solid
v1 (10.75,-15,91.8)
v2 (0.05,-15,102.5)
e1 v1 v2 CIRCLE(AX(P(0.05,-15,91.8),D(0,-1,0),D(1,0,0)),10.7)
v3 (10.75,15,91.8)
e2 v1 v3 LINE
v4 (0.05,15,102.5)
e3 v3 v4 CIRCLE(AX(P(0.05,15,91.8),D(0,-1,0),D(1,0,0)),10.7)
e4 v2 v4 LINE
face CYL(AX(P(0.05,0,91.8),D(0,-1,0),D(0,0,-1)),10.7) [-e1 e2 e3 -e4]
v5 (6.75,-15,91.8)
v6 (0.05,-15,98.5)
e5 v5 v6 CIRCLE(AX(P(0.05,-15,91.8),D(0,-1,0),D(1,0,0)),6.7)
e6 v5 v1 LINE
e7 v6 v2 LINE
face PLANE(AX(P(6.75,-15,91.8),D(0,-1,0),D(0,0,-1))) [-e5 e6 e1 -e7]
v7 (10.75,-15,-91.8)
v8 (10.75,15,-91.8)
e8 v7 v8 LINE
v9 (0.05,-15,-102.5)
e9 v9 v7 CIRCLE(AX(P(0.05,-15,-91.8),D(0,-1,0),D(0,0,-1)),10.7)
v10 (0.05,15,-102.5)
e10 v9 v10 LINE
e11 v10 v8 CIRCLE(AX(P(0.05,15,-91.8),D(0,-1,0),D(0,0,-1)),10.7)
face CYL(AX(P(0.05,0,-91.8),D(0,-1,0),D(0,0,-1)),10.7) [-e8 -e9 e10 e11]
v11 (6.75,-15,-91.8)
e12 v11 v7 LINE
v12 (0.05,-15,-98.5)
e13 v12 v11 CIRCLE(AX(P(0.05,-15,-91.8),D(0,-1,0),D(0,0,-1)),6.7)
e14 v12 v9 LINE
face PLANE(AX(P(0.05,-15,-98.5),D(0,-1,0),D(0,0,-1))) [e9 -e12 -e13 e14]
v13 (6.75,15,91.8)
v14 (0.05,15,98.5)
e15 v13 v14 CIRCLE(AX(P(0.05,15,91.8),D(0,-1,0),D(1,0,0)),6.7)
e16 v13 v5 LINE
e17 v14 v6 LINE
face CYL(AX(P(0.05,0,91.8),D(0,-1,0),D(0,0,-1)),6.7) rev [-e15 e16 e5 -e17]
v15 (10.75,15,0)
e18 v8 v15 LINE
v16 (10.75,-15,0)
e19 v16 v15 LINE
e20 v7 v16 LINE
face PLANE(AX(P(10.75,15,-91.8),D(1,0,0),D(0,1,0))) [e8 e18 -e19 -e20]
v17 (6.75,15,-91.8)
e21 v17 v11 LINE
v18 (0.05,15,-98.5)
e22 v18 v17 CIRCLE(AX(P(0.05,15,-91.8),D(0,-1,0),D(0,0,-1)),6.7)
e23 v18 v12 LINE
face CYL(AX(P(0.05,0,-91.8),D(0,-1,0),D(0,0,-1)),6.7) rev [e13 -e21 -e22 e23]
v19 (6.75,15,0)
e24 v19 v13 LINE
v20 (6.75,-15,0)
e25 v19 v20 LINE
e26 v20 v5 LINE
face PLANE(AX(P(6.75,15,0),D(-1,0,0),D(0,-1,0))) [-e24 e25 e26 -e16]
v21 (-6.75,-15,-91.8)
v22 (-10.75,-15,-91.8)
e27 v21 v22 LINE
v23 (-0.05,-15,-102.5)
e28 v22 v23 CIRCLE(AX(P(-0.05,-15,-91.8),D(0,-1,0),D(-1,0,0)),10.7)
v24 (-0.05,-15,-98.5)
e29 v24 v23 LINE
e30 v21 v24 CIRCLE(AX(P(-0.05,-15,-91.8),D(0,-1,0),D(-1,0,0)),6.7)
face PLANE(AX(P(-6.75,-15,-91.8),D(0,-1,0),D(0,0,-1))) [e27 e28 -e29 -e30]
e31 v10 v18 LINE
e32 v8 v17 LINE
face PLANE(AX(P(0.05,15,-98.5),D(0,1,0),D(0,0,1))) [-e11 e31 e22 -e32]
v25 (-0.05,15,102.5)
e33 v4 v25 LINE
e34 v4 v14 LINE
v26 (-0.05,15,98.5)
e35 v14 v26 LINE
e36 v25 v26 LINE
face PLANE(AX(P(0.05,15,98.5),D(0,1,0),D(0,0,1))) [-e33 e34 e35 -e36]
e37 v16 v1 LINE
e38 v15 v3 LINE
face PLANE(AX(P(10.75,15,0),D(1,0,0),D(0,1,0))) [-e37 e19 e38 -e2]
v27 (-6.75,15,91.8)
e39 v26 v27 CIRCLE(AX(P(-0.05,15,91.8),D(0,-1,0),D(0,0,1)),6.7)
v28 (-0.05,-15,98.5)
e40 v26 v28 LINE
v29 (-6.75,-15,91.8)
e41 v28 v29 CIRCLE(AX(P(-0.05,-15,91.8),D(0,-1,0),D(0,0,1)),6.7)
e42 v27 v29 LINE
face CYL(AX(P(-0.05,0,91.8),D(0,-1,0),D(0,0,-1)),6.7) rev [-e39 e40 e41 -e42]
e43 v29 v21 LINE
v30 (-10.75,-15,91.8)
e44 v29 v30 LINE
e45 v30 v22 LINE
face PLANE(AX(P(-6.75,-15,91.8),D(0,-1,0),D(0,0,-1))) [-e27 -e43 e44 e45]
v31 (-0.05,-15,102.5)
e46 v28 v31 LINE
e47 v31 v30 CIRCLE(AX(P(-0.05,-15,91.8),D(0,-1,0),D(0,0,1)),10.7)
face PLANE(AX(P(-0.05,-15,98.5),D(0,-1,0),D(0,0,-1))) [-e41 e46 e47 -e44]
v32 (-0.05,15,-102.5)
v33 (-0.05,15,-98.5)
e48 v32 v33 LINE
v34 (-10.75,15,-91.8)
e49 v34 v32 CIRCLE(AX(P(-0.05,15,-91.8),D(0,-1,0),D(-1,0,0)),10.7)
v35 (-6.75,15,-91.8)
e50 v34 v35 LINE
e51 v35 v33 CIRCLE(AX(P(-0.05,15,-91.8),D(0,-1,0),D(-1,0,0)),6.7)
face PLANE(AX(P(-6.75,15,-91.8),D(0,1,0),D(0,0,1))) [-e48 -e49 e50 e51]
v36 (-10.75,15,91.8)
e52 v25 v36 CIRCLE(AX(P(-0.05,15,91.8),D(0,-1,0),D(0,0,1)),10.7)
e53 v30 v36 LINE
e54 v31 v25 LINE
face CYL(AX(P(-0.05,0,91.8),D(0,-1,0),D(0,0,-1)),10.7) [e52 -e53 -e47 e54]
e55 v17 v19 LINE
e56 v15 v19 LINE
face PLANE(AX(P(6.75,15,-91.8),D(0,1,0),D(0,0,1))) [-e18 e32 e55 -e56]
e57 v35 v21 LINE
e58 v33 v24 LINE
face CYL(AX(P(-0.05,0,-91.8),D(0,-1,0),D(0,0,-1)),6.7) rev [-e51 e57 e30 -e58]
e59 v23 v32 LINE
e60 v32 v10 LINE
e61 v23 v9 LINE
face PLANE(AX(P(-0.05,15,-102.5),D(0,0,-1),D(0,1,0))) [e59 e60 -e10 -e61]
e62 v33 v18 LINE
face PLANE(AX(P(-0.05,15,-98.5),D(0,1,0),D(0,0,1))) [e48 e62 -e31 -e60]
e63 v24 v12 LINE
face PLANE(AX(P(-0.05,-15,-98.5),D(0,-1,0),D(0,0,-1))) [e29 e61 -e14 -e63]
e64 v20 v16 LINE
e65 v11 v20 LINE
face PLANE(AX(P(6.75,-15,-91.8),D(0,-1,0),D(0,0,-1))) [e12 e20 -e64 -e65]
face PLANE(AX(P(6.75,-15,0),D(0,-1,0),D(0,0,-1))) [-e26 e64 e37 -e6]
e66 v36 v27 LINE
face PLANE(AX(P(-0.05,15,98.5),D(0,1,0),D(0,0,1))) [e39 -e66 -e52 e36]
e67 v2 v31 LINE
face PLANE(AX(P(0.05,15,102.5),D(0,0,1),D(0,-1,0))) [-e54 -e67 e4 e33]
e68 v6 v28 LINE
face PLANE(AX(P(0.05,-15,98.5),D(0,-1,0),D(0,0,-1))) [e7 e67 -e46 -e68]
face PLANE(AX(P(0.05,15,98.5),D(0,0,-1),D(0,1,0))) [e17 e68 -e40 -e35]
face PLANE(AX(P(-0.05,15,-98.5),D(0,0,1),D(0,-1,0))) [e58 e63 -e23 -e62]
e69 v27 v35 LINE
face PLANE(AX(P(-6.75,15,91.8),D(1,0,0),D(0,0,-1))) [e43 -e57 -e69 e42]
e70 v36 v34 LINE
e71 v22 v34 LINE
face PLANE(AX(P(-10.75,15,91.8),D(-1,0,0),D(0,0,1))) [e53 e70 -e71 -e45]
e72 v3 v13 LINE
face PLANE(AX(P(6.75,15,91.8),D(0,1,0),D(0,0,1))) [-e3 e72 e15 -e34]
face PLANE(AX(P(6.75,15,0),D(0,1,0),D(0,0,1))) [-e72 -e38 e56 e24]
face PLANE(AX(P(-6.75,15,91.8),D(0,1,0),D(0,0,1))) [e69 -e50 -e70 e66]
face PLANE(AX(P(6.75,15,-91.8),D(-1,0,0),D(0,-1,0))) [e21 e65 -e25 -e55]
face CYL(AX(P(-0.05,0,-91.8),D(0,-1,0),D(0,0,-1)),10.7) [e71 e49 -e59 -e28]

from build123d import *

# Parameters (mm, degrees)
SKETCH3_W = 4
SKETCH3_H = 30


with BuildPart() as part:
    # Sweep1: sweep along a path in Sketch1
    with BuildLine(Plane(origin=(0, 0, 0), x_dir=(1, 0, 0), z_dir=(0, 1, 0))) as sweep1_path:
        Line((-0.05, 100.5), (0.05, 100.5))
        ThreePointArc((0.05, 100.5), (6.201828996, 97.951828996), (8.75, 91.8))
        Line((8.75, 91.8), (8.75, -91.8))
        ThreePointArc((8.75, -91.8), (6.201828996, -97.951828996), (0.05, -100.5))
        Line((0.05, -100.5), (-0.05, -100.5))
        ThreePointArc((-0.05, -100.5), (-6.201828996, -97.951828996), (-8.75, -91.8))
        Line((-8.75, -91.8), (-8.75, 91.8))
        ThreePointArc((-8.75, 91.8), (-6.201828996, 97.951828996), (-0.05, 100.5))
    # Sketch3 → Sweep1 (sweep)
    with BuildSketch(Plane.XY):
        with Locations((8.75, 0)):
            Rectangle(SKETCH3_W, SKETCH3_H)
    sweep(path=sweep1_path.line)


solid = part.part
